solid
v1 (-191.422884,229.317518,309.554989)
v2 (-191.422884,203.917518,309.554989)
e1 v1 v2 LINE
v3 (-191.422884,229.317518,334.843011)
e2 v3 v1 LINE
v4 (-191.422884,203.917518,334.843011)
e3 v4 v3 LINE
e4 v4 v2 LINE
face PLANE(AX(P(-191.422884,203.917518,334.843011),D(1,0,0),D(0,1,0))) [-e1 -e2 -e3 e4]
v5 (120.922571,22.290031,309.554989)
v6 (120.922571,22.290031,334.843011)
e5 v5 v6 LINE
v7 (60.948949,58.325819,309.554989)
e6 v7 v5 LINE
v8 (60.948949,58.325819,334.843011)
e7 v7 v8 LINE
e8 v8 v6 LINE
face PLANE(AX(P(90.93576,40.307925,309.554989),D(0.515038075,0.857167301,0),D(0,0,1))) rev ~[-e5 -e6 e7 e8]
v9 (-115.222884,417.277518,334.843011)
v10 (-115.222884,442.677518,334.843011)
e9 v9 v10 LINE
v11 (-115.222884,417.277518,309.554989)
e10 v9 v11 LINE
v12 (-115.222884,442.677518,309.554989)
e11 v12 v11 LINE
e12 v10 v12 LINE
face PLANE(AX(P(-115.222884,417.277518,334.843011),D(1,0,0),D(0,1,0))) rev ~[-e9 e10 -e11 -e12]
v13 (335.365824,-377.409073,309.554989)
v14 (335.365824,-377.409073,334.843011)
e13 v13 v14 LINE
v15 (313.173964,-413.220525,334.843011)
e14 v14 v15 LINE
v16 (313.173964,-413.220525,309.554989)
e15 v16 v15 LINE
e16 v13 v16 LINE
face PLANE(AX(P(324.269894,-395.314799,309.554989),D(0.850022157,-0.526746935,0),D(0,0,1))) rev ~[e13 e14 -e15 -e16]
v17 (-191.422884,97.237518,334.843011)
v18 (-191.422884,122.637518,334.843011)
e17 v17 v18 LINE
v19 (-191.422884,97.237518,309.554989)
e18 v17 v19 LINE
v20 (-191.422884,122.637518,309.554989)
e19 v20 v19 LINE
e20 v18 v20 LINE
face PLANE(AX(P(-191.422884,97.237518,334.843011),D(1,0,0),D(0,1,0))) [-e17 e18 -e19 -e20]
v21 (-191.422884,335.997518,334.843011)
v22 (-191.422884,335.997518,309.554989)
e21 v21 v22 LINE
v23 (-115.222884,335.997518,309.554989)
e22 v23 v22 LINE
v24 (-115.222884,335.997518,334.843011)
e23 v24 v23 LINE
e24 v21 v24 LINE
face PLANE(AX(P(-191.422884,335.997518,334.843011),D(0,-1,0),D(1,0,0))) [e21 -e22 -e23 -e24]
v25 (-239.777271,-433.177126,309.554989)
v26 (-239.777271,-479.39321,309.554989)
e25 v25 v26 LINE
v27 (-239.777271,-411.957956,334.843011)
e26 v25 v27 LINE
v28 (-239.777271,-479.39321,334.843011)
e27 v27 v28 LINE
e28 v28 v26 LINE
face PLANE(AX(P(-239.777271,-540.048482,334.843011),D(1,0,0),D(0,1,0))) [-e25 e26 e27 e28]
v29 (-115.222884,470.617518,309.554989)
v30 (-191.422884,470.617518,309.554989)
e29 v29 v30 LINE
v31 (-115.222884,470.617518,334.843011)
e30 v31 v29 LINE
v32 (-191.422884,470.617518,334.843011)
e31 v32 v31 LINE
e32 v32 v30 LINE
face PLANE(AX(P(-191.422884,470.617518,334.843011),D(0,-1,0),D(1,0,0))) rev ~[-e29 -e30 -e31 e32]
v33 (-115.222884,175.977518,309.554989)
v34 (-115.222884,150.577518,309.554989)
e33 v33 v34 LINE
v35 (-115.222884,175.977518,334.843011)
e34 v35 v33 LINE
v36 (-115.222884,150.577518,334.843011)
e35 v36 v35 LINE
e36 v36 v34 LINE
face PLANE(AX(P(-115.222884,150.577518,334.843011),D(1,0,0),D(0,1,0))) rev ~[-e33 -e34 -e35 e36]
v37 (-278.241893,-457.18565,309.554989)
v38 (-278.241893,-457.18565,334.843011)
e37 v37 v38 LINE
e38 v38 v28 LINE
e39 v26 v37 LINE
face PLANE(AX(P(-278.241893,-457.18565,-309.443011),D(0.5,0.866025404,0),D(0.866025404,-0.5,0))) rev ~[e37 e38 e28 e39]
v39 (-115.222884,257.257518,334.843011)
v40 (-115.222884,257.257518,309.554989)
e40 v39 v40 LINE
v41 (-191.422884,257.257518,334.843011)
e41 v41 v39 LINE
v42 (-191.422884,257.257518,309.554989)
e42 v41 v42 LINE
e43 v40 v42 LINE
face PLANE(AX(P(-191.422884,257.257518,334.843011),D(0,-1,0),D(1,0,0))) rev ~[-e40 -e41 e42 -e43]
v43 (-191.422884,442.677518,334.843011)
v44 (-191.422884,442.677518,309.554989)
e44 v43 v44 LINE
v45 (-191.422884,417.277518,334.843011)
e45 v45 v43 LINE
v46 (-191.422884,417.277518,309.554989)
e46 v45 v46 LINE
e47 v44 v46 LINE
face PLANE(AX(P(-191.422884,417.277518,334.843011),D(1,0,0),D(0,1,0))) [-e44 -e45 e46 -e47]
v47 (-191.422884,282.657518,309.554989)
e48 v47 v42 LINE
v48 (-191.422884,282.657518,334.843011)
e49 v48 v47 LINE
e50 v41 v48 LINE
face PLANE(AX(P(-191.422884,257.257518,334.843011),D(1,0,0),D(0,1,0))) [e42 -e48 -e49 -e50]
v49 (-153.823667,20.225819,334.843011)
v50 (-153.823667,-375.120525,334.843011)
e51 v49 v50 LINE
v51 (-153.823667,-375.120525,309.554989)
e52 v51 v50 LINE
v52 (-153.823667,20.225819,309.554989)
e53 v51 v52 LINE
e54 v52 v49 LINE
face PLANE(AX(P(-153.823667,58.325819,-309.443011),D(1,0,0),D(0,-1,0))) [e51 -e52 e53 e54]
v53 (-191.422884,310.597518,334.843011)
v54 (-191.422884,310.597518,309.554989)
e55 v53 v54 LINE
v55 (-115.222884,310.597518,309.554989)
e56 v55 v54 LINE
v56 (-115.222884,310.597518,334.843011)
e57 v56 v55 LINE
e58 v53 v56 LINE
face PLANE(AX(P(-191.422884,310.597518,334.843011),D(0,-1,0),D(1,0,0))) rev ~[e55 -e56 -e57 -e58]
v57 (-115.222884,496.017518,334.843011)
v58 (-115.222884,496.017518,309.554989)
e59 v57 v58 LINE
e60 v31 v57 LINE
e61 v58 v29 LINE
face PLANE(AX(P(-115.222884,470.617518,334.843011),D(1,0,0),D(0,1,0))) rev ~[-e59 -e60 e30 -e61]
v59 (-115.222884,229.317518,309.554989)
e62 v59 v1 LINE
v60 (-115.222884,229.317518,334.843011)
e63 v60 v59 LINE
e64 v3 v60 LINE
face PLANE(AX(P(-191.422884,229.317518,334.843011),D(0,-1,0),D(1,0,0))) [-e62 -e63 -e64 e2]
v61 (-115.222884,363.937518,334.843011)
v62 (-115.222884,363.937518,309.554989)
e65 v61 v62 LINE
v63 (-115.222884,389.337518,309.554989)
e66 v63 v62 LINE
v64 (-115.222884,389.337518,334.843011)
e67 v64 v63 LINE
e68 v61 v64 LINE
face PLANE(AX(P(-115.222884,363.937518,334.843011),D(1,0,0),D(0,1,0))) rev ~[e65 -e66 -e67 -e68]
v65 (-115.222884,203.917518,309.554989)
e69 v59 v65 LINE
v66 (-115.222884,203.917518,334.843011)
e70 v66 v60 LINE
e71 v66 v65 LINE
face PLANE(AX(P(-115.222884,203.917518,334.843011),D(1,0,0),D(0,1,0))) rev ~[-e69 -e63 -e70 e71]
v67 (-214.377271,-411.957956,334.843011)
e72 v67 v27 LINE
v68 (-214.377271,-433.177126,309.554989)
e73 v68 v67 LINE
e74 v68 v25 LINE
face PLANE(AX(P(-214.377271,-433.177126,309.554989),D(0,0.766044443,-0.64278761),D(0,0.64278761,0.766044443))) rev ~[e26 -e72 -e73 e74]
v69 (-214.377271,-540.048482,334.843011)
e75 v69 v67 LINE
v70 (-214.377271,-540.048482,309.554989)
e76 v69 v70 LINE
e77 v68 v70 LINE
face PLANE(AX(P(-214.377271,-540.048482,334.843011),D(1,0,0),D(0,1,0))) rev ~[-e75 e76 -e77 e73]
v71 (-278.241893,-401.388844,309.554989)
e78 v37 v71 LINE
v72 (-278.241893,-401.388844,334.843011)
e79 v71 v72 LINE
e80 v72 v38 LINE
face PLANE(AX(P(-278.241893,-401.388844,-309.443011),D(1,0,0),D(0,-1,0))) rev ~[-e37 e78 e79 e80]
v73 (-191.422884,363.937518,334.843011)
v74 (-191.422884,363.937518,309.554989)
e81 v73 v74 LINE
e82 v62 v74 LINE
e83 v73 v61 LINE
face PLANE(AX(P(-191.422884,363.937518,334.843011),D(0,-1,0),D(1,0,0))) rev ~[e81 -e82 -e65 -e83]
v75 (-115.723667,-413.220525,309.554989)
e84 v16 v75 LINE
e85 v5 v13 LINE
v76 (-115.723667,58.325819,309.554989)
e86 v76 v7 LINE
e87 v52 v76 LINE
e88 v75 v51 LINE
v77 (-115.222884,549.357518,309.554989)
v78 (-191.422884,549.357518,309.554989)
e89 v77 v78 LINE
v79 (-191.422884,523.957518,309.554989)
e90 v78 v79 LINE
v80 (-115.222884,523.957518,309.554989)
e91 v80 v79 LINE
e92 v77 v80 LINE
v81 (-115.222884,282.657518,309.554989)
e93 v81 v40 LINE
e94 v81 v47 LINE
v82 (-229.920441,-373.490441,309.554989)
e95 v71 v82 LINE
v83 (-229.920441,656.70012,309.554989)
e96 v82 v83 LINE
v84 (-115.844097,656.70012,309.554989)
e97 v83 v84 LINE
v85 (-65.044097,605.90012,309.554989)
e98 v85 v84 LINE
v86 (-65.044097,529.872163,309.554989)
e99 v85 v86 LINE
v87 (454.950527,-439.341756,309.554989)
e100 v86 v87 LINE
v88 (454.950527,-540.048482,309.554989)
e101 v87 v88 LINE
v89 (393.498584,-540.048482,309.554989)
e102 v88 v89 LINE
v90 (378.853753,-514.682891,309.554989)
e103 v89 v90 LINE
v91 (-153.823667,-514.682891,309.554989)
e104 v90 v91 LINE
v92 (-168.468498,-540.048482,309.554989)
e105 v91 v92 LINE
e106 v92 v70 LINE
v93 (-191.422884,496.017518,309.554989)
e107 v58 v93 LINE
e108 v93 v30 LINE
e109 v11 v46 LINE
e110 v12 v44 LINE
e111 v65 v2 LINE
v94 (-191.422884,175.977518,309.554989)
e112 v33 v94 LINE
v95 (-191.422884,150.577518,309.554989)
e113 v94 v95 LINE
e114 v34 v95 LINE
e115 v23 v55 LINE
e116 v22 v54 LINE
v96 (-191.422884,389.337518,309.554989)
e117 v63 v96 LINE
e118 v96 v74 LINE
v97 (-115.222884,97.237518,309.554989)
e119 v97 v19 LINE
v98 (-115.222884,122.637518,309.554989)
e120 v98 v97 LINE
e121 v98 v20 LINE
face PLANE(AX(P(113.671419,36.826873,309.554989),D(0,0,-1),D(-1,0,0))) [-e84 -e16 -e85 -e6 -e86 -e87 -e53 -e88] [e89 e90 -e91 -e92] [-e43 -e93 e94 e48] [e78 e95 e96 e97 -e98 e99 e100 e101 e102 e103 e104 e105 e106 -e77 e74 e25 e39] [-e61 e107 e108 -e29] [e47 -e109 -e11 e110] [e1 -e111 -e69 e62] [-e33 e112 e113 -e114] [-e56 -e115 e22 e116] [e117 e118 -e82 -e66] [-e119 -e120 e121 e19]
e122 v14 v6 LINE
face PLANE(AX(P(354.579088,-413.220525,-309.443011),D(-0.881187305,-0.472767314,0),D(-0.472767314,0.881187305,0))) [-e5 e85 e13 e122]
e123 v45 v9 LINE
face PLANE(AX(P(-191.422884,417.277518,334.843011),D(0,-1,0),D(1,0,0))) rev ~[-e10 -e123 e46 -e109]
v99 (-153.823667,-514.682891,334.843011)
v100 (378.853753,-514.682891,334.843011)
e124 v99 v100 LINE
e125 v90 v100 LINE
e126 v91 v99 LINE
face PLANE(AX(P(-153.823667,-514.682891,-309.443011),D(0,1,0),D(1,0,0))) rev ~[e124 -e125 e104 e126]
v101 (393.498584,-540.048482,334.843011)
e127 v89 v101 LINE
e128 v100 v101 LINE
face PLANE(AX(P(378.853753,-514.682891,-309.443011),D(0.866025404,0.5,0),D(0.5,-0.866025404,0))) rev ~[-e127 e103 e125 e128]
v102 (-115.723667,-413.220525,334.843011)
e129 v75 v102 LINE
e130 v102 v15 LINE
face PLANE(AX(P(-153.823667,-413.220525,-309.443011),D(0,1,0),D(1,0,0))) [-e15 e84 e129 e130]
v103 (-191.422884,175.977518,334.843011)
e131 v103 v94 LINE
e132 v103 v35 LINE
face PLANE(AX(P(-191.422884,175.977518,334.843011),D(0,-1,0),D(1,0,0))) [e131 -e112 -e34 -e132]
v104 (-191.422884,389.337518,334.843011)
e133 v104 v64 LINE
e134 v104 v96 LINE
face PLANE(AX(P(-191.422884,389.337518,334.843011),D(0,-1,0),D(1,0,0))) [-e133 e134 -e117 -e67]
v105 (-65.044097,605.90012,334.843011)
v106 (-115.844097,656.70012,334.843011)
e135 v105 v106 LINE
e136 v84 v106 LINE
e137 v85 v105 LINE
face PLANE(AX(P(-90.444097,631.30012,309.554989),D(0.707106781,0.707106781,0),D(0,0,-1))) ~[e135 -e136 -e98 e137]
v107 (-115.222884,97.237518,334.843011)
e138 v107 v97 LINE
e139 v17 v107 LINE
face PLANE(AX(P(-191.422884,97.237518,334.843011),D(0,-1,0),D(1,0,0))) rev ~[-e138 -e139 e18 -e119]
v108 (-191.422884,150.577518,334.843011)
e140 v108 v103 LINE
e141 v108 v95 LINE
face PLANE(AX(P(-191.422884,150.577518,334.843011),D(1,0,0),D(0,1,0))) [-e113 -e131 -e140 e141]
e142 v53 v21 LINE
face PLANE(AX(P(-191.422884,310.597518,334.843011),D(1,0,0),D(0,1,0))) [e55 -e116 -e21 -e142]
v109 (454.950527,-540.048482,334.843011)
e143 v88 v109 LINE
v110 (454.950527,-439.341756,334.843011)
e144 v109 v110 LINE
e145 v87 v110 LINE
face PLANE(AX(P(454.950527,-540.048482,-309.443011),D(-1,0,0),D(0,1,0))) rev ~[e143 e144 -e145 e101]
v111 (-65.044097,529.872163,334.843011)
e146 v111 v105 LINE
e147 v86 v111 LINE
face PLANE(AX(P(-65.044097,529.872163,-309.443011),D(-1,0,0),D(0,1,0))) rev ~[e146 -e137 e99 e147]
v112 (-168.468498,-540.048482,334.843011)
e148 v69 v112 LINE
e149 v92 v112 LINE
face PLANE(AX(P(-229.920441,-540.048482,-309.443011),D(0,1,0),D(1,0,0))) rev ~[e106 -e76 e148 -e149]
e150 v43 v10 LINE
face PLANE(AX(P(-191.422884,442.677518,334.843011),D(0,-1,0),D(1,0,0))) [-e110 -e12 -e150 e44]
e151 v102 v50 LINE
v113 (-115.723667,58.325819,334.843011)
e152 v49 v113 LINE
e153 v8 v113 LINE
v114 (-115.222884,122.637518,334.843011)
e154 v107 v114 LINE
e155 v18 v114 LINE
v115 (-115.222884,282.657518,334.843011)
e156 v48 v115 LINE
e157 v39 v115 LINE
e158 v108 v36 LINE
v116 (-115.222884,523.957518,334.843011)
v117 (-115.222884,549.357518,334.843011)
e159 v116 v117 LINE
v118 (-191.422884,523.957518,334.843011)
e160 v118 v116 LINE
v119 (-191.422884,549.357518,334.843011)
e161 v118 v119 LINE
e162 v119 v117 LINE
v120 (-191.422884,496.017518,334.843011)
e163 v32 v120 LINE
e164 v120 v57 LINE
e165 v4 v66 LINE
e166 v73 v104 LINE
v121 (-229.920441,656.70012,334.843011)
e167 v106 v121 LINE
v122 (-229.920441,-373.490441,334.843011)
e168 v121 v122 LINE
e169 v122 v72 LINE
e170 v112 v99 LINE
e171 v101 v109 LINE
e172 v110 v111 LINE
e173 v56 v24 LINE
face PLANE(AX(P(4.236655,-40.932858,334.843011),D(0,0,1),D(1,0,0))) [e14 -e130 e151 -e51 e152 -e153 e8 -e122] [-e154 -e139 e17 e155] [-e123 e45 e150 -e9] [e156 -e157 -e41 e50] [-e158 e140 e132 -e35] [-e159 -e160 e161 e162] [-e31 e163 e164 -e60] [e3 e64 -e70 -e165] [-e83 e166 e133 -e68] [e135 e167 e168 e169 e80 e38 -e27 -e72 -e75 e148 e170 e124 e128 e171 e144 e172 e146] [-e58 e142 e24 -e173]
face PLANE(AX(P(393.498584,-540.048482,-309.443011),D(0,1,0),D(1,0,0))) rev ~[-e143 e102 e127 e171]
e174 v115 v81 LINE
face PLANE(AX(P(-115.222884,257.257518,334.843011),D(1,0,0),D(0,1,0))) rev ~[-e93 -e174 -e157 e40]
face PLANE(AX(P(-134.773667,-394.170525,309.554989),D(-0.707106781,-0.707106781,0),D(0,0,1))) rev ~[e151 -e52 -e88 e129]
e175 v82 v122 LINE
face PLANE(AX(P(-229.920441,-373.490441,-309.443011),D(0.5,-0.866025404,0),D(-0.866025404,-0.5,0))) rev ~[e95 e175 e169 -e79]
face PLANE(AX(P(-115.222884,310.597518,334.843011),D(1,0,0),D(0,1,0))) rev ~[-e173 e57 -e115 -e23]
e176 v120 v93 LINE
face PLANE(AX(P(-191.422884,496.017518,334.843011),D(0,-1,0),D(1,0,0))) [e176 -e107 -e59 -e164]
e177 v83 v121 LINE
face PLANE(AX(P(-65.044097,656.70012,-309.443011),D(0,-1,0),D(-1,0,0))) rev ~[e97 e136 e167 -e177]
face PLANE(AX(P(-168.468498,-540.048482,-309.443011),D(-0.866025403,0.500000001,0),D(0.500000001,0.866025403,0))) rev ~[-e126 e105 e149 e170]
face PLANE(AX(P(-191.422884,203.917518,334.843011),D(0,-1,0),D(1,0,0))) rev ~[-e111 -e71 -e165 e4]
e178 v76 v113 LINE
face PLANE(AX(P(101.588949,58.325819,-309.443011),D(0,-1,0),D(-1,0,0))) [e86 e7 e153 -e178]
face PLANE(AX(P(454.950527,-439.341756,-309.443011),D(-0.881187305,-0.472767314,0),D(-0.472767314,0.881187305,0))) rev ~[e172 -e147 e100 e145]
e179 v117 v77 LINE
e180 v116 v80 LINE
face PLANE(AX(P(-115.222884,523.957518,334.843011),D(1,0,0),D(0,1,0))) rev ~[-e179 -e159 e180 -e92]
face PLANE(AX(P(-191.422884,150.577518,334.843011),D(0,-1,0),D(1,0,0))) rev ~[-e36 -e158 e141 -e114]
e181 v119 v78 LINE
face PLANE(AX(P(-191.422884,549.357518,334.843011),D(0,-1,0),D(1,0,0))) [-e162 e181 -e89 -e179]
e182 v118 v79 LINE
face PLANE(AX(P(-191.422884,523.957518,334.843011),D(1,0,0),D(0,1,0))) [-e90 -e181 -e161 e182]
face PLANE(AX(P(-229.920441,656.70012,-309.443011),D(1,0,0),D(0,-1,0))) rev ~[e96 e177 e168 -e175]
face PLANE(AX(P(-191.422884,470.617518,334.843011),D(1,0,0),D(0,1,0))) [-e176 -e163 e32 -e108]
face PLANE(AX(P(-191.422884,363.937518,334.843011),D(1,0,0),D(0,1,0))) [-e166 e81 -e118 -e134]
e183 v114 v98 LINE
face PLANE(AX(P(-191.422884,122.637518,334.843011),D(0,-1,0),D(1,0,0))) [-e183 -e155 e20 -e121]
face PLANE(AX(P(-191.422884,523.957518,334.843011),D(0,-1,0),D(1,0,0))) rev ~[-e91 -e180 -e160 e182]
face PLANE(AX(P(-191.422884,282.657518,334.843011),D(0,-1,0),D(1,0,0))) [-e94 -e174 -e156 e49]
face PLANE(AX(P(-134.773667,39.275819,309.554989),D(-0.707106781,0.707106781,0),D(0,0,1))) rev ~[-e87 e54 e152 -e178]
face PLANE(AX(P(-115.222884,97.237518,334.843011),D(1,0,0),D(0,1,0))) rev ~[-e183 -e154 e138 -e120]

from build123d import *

# Parameters (mm, degrees)
BOSS_EXTRUDE1_DEPTH = 25.4
SCALE1_SCALE        = 25.365591398
SKETCH3_W           = 1042.369657432
SKETCH3_H           = 1273.252838884
CUT_EXTRUDE1_DEPTH  = 618.998
CHAMFER1_SIZE       = 50.8
CHAMFER2_SIZE       = 38.1
CHAMFER3_SIZE       = 40.64
CHAMFER3_SIZE2      = 40.894583593
CHAMFER4_SIZE       = 40.64
CHAMFER4_SIZE2      = 41.405123541
SKETCH4_W           = 25.4
SKETCH4_H           = 106.871356521
CUT_EXTRUDE2_DEPTH  = 618.998
SKETCH5_W           = 76.2
SKETCH5_H           = 25.4
CUT_EXTRUDE3_DEPTH  = 800.296261243
LPATTERN4_COUNT     = 2
LPATTERN4_PITCH     = 106.68
CUT_EXTRUDE4_DEPTH  = 25.4


with BuildPart() as part:
    # Sketch1 → Boss-Extrude1 (new body)
    with BuildSketch(Plane.XY):
        Polygon((-15.617276252, -25), (-13.194626522, -25), (-12.617276252, -24), (8.382723748, -24), (8.960074017, -25), (11.382723748, -25), (11.382723748, -21.02978992), (-9.117276252, 17.18), (-9.117276252, 22.18), (-15.617276252, 22.18), (-15.617276252, -18.433701616), (-17.522276252, -19.533553879), (-17.522276252, -21.733258405), (-15.617276252, -22.833110667), align=None)
        Polygon((-12.617276252, -20), (7.425731864, -20), (-2.548020957, -1.41), (-12.617276252, -1.41), align=None, mode=Mode.SUBTRACT)
    extrude(amount=BOSS_EXTRUDE1_DEPTH)


with BuildPart() as part_1:
    # Scale1: scaled about (-6.821956607, -3.861646577, 12.7)
    add(part.part.scale(SCALE1_SCALE).moved(Location((166.22100722, 94.091302618, -309.443010753))))

    # Sketch3 → Cut-Extrude1 (cut)
    with BuildSketch(Plane(origin=(0, 0, -309.443010753), x_dir=(-1, 0, 0), z_dir=(0, 0, -1))):
        with Locations((-113.67141854, 36.826872795)):
            Rectangle(SKETCH3_W, SKETCH3_H)
    extrude(amount=-CUT_EXTRUDE1_DEPTH, mode=Mode.SUBTRACT)

    # Chamfer1
    chamfer1_edges = [part_1.edges().sort_by_distance(p)[0] for p in [
        (-65.044096862, 656.700119822, 322.199),
    ]]
    chamfer(chamfer1_edges, length=CHAMFER1_SIZE)

    # Chamfer2
    chamfer2_edges = [part_1.edges().sort_by_distance(p)[0] for p in [
        (-153.823666755, -413.220525339, 322.199),
        (-153.823666755, 58.325818747, 322.199),
    ]]
    chamfer(chamfer2_edges, length=CHAMFER2_SIZE)

    # Chamfer3
    chamfer3_edges = [part_1.edges().sort_by_distance(p)[0] for p in [
        (101.588948743, 58.325818747, 322.199),
    ]]
    chamfer3_side = [part_1.faces().sort_by_distance(p)[0] for p in [
        (-7.067359006, 58.325818747, 322.199),
    ]]
    chamfer(chamfer3_edges, length=CHAMFER3_SIZE, length2=CHAMFER3_SIZE2, reference=chamfer3_side[0])

    # Chamfer4
    chamfer4_edges = [part_1.edges().sort_by_distance(p)[0] for p in [
        (354.579087503, -413.220525339, 322.199),
    ]]
    chamfer4_side = [part_1.faces().sort_by_distance(p)[0] for p in [
        (237.750829348, -195.465247251, 322.199),
    ]]
    chamfer(chamfer4_edges, length=CHAMFER4_SIZE, length2=CHAMFER4_SIZE2, reference=chamfer4_side[0])

    # Sketch4 → Cut-Extrude2 (cut)
    with BuildSketch(Plane.XY.offset(334.843010753)):
        with Locations((-227.077270504, -486.612804068)):
            Rectangle(SKETCH4_W, SKETCH4_H)
    extrude(amount=-CUT_EXTRUDE2_DEPTH, mode=Mode.SUBTRACT)

    # Sketch5 → Cut-Extrude3 (cut, through all)
    with BuildSketch(Plane.XY.offset(334.843010753)):
        with Locations((-153.322884144, 323.297517672)):
            Rectangle(SKETCH5_W, SKETCH5_H)
        with Locations((-153.322884144, 216.617517672)):
            Rectangle(SKETCH5_W, SKETCH5_H)
        with Locations((-153.322884144, 429.977517672)):
            Rectangle(SKETCH5_W, SKETCH5_H)
        with Locations((-153.322884144, 376.637517672)):
            Rectangle(SKETCH5_W, SKETCH5_H)
        with Locations((-153.322884144, 269.957517672)):
            Rectangle(SKETCH5_W, SKETCH5_H)
        with Locations((-153.322884144, 163.277517672)):
            Rectangle(SKETCH5_W, SKETCH5_H)
        with Locations((-153.322884144, 109.937517672)):
            Rectangle(SKETCH5_W, SKETCH5_H)
    cut_extrude3 = extrude(amount=-CUT_EXTRUDE3_DEPTH, mode=Mode.SUBTRACT)

    # LPattern4: Cut-Extrude3 ×2
    with Locations(*[(0, i * LPATTERN4_PITCH, 0) for i in range(1, LPATTERN4_COUNT)]):
        add(cut_extrude3, mode=Mode.SUBTRACT)

    # Sketch6 → Cut-Extrude4 (cut)
    with BuildSketch(Plane.ZY.offset(214.377270504)):
        Polygon((334.843010753, -433.177125807), (309.554989247, -433.177125807), (334.843010753, -411.957956289), align=None)
    extrude(amount=CUT_EXTRUDE4_DEPTH, mode=Mode.SUBTRACT)


solid = part_1.part
